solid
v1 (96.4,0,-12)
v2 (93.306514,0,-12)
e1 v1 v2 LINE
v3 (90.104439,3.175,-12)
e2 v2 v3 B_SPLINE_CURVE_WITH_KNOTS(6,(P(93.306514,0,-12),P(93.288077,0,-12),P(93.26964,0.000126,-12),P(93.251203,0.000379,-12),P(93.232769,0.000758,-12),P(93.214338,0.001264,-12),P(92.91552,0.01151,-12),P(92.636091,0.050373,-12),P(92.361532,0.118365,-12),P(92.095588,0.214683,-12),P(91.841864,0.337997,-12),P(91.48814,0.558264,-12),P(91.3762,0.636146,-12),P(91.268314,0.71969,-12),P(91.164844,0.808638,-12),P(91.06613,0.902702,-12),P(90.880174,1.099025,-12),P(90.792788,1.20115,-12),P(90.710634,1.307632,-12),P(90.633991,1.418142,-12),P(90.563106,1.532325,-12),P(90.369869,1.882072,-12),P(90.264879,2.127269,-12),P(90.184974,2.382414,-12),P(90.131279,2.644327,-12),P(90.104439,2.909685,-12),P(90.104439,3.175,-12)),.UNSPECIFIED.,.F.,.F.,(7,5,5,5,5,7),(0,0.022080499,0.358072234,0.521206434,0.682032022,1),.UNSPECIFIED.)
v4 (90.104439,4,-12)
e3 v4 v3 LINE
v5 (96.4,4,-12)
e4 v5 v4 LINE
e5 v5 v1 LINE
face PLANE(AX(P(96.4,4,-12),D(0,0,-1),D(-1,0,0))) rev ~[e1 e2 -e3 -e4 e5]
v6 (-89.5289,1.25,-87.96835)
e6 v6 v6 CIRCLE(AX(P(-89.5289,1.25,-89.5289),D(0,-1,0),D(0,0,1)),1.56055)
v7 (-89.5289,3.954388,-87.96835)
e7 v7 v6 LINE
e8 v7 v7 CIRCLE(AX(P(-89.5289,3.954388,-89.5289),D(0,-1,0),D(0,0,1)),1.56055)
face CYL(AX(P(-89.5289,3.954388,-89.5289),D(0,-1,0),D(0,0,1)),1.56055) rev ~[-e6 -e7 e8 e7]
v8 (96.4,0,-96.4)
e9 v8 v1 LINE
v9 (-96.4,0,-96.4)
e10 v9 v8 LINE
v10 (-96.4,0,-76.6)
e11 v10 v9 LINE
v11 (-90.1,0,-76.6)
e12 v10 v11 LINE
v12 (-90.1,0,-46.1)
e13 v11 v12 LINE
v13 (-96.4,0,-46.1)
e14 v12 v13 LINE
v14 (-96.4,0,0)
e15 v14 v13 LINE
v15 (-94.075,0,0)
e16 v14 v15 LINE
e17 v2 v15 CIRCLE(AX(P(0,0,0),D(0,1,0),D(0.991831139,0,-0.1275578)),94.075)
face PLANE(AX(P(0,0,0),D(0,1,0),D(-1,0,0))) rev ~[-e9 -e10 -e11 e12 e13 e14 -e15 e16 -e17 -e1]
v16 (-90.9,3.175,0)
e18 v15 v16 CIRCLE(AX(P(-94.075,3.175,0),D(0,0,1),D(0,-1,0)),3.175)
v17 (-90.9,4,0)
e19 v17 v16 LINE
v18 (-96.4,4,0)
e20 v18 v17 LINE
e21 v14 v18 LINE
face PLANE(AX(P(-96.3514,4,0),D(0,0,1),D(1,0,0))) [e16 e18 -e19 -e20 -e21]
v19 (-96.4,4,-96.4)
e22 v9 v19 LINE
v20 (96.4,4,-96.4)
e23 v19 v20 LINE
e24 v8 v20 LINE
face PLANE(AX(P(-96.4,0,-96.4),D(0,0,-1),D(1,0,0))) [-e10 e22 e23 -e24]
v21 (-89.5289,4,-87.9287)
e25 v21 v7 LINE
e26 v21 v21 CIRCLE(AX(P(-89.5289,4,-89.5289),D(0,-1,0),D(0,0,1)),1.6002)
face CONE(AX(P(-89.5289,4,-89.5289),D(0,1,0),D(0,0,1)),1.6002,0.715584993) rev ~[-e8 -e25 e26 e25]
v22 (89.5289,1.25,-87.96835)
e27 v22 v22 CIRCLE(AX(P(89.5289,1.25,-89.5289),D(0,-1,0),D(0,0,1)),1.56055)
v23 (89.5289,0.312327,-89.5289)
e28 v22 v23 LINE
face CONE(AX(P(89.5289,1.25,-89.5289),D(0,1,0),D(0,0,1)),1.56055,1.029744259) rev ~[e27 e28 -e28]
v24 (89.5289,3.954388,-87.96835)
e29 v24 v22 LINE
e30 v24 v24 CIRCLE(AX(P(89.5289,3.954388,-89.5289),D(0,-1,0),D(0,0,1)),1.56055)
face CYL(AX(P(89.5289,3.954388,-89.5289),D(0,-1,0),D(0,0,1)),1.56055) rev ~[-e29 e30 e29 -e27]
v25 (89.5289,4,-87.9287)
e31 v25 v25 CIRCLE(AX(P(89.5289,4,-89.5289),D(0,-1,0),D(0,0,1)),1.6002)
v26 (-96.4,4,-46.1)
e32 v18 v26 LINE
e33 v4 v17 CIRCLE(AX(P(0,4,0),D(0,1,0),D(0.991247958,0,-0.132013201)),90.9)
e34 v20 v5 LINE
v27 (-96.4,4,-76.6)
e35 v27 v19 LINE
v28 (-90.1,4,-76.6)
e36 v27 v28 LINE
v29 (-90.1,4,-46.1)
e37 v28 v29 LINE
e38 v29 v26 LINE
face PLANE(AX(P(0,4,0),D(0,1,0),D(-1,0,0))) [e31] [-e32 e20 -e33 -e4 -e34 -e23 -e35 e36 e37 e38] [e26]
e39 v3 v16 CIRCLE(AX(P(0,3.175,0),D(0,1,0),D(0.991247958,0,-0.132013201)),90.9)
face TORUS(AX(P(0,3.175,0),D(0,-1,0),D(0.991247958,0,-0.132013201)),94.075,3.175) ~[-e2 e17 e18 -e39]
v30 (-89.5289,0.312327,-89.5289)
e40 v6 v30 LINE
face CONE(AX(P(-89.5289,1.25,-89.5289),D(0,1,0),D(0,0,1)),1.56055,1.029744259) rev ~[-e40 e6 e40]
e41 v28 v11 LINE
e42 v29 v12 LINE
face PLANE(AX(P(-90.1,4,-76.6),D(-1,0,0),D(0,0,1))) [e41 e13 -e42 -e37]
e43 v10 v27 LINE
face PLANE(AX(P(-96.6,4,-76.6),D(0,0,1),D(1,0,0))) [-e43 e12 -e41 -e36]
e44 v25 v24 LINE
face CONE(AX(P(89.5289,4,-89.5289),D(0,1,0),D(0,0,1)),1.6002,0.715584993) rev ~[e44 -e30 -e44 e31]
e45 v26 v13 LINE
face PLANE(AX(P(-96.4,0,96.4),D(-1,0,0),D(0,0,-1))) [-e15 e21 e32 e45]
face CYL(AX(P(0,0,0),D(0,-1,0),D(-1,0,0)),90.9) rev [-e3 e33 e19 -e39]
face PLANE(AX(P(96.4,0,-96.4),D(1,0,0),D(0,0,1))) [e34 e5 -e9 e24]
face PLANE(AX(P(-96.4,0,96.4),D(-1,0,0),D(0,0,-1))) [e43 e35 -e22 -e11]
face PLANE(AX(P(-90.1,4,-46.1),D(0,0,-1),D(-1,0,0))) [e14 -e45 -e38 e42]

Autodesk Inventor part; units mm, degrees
ref_plane "YZ Plane" through (0, 0, 0) normal (1, 0, 0) x (0, 1, 0)
ref_plane "XZ Plane" through (0, 0, 0) normal (0, 1, 0) x (-1, 0, 0)
ref_plane "XY Plane" through (0, 0, 0) normal (0, 0, 1) x (1, 0, 0)
sketch "Sketch1" plane through (0, 0, 0) normal (0, 1, 0) x (-1, 0, 0)
  line L0 (101.6, -101.6) -> (-101.6, -101.6)
  line L1 (-101.6, -101.6) -> (-101.6, 101.6)
  line L2 (-101.6, 101.6) -> (101.6, 101.6)
  line L3 (101.6, 101.6) -> (101.6, -101.6)
  line L4 (96.6, -96.6) -> (-96.6, -96.6)
  line L5 (-96.6, -96.6) -> (-96.6, 96.6)
  line L6 (-96.6, 96.6) -> (96.6, 96.6)
  line L7 (96.6, 96.6) -> (96.6, -96.6)
  line L8 (101.6, 101.6) -> (-40.4, 101.6)
  circle A0 centre (0, 0) radius 88.9
  line L9 (-40.4, 101.6) -> (-101.6, 40.4)
  line L10 (-45.4, 101.6) -> (-101.6, 45.4)
  line L11 (96.6, 96.6) -> (96.6, 101.6)
  line L12 (-45.4, 101.6) -> (-35.4, 101.6)
  line L13 (-35.4, 101.6) -> (-35.4, 96.6)
  line L14 (-35.4, 96.6) -> (-45.4, 96.6)
  line L15 (-45.4, 96.6) -> (-45.4, 101.6)
  line L16 (-101.6, 39.4) -> (-39.4, 101.6)
  line L17 (96.4, -96.4) -> (-96.4, -96.4)
  line L18 (-96.4, -96.4) -> (-96.4, 96.4)
  line L19 (-96.4, 96.4) -> (96.4, 96.4)
  line L20 (96.4, 96.4) -> (96.4, -96.4)
  circle A1 centre (0, 0) radius 90.9
  point P0 (96.6, 51.2168)
  point P1 (101.6, 40.4)
  point P2 (101.6, -40.4)
  point P3 (96.6, -51.2168)
  point P4 (-96.6, 45.4)
  point P5 (-45.4, 96.6)
  point P6 (-44.6, 96.4)
  point P7 (-96.4, 44.6)
  dimension "d0" = 203.2
  dimension "d1" = 203.2
  dimension "d2" = 101.6
  dimension "d3" = 101.6
  dimension "d4" = 5
  dimension "d5" = 5
  dimension "d6" = 5
  dimension "d7" = 5
  dimension "d8" = 142
  dimension "d9" = 61.2
  dimension "d10" = 177.8
  dimension "d11" = 5
  dimension "d12" = 5
  dimension "d13" = 10
  dimension "d14" = 1
  dimension "d15" = 0.2
  dimension "d16" = 0.2
  dimension "d17" = 0.2
  dimension "d18" = 0.2
  dimension "d64" = 181.8
extrude "Extrusion1" add sketch "Sketch1" along normal blind 4 contours L16 L19 L20 L17 L18
sketch "Sketch6" plane through (0, 4, 0) normal (0, 1, 0) x (1, 0, 0)
  line L0 (96.4, 96.4) -> (-96.4, 96.4) projected
  line L1 (96.4, 96.4) -> (88.4, 96.4)
  line L2 (88.4, 96.4) -> (88.4, -45.6)
  line L3 (88.4, -45.6) -> (96.4, -45.6)
  line L4 (96.4, -45.6) -> (96.4, 96.4)
  line L5 (96.4, -44.6) -> (96.4, 96.4) projected
  line L6 (88.4, -12) -> (96.4, -12)
  line L7 (96.4, -12) -> (96.4, 12)
  line L8 (96.4, 12) -> (88.4, 12)
  line L9 (88.4, 12) -> (88.4, -12)
  line L10 (0, 0) -> (96.4, 0)
  point P0 (96.4, -12)
  dimension "d58" = 8
  dimension "d59" = 142
  dimension "d62" = 12
  dimension "d63" = 12
extrude "Extrusion6" cut sketch "Sketch6" against normal blind 25.4 contours L4 L10 L2 L8 | L4 L6 L2 L10
sketch "Sketch8" plane through (0, 4, 0) normal (0, 1, 0) x (1, 0, 0)
  line L0 (-96.6, 96.6) -> (-96.6, -96.6)
  line L1 (96.6, 96.6) -> (-96.6, 96.6)
  line L2 (-96.6, 96.6) -> (96.6, 96.6)
  line L3 (96.6, -45.4) -> (45.4, -96.6)
  line L4 (96.6, 96.6) -> (96.6, -45.4)
  line L5 (96.6, -45.4) -> (45.4, -96.6)
  line L6 (45.4, -96.6) -> (-96.6, -96.6)
  line L7 (-96.6, -96.6) -> (-96.6, 96.6)
  line L8 (-96.6, 96.6) -> (-89.5289, 89.5289)
  circle A0 centre (-89.5289, 89.5289) radius 5
  circle A1 centre (-89.5289, 89.5289) radius 1.5
  line L9 (-89.5289, 84.5289) -> (-96.6, 84.5289)
  line L10 (-89.5289, 89.5289) -> (-89.5289, 84.5289)
  line L11 (-89.5289, 89.5289) -> (-84.5289, 89.5289)
  line L12 (-84.5289, 96.6) -> (-84.5289, 89.5289)
  line L13 (-96.6, -96.6) -> (-89.5289, -89.5289)
  line L14 (-96.6, -96.6) -> (-86.6, -96.6) construction
  circle A2 centre (-89.5289, -89.5289) radius 5
  circle A3 centre (-89.5289, -89.5289) radius 1.75
  line L15 (-89.5289, -89.5289) -> (-84.5289, -89.5289)
  line L16 (-84.5289, -96.6) -> (-84.5289, -89.5289)
  line L17 (-89.5289, -89.5289) -> (-89.5289, -84.5289)
  line L18 (-96.6, -84.5289) -> (-89.5289, -84.5289)
  line L19 (96.6, 96.6) -> (89.5289, 89.5289)
  circle A4 centre (89.5289, 89.5289) radius 5
  circle A5 centre (89.5289, 89.5289) radius 1.75
  line L20 (89.5289, 89.5289) -> (84.5289, 89.5289)
  line L21 (84.5289, 96.6) -> (84.5289, 89.5289)
  line L22 (89.5289, 89.5289) -> (89.5289, 84.5289)
  line L23 (96.6, 84.5289) -> (89.5289, 84.5289)
  line L24 (96.6, -43.114) -> (96.6, 96.6)
  line L25 (-96.6, -96.6) -> (43.1178, -96.6)
  line L26 (28.9914, 5.6569) -> (-5.6569, -28.9914)
  line L27 (25.4, -25.4) -> (101.6, -25.4)
  line L28 (101.6, -88.9) -> (101.6, 101.6)
  line L29 (25.4, -25.4) -> (25.4, -101.6)
  line L30 (43.1178, -101.6) -> (-101.6, -101.6)
  line L31 (96.6, -25.4) -> (86.6, -25.4)
  circle A6 centre (86.6, -25.4) radius 5
  circle A7 centre (86.6, -25.4) radius 1.75
  line L32 (25.4, -96.6) -> (25.4, -86.6)
  circle A8 centre (25.4, -86.6) radius 5
  circle A9 centre (25.4, -86.6) radius 1.75
  line L33 (44.6, -96.4) -> (96.4, -44.6) projected
  circle A10 centre (68.7322, -68.7322) radius 1
  point P0 (0, 0)
  point P1 (0, 0)
  point P2 (0, 0)
  dimension "d90" = 10
  dimension "d91" = 3
  dimension "d92" = 10
  dimension "d93" = 45
  dimension "d94" = 10
  dimension "d95" = 3.5
  dimension "d96" = 10
  dimension "d97" = 10
  dimension "d98" = 3.5
  dimension "d99" = 76.2
  dimension "d100" = 76.2
  dimension "d101" = 10
  dimension "d102" = 10
  dimension "d103" = 3.5
  dimension "d104" = 10
  dimension "d105" = 10
  dimension "d106" = 3.5
  dimension "d115" = 2
  dimension "d116" = 2.5
hole "Hole1" at (-89.5289, 4, -89.5289) at (89.5289, 4, -89.5289) at (-89.5289, 4, 89.5289) at (68.7322, 4, 68.7322) direction (0, -1, 0) diameter 3.1211 depth 2.75 tip angle 118 countersink diameter 3.2004 countersink angle 82 thread size "M3.5x0.35" class "6H" standard "ANSI Metric M Profile"
fillet "Fillet1" radius 3.175 2 edges at (-6.0132, 0, -90.7009) (-6.0132, 0, 90.7009)
sketch "Sketch9" plane through (0, 4, 0) normal (0, 1, 0) x (1, 0, 0)
  arc A0 (-101.6, -98.425) -> (-98.425, -101.6) centre (-98.425, -98.425) ccw
  line L0 (44.0849, 101.6) -> (-98.425, 101.6)
  line L1 (-101.6, 98.425) -> (-101.6, -98.425)
  line L2 (-101.6, -46.1) -> (-101.6, -76.6)
  line L3 (-96.6, -96.6) -> (-96.6, 96.6)
  line L4 (-96.6, -46.1) -> (-96.6, -76.6)
  line L5 (-101.6, -76.6) -> (-96.6, -76.6)
  line L6 (-101.6, -46.1) -> (-96.6, -46.1)
  line L7 (-98.425, -101.6) -> (101.6, -101.6)
  line L8 (0, 0) -> (-101.6, 0)
  line L9 (-101.6, 46.1) -> (-101.6, 76.6)
  line L10 (-96.6, 46.1) -> (-96.6, 76.6)
  line L11 (-101.6, 76.6) -> (-96.6, 76.6)
  line L12 (-101.6, 46.1) -> (-96.6, 46.1)
  line L13 (-96.6, -76.6) -> (-90.1, -76.6)
  line L14 (-90.1, -76.6) -> (-90.1, -46.1)
  line L15 (-90.1, -46.1) -> (-96.6, -46.1)
  line L16 (-96.6, -46.1) -> (-96.6, -76.6)
  arc A1 (-98.425, 101.6) -> (-101.6, 98.425) centre (-98.425, 98.425) ccw
  line L17 (-101.6, 46.1) -> (-96.6, 46.1)
  line L18 (-90.1, 46.1) -> (-96.6, 46.1)
  line L19 (-101.6, 46.1) -> (-101.6, 76.6)
  line L20 (-96.6, 46.1) -> (-96.6, 76.6)
  line L21 (-96.6, 46.1) -> (-96.6, 76.6)
  line L22 (-90.1, 76.6) -> (-90.1, 46.1)
  line L23 (-101.6, 76.6) -> (-96.6, 76.6)
  line L24 (-96.6, 76.6) -> (-90.1, 76.6)
  point P0 (-98.425, 98.425)
  point P1 (46.1, 101.6)
  point P2 (46.1, 96.6)
  point P3 (76.6, 96.6)
  point P4 (76.6, 101.6)
  point P5 (-46.1, 96.6)
  dimension "d117" = 30.5
  dimension "d118" = 25
  dimension "d119" = 6.5
extrude "Extrusion7" cut sketch "Sketch9" against normal blind 25.4 contours L24 L22 L18 L3 | L15 L14 L13 L3
sketch "Sketch10" plane through (0, 4, 0) normal (0, 1, 0) x (1, 0, 0)
  line L0 (-96.3514, 0) -> (-90.9, 0)
  arc A0 (90.1044, 12) -> (90.1044, -12) centre (0, 0) ccw projected
ref_plane "Work Plane1" through (-96.3514, 4, 0) normal (0, 0, 1) x (1, 0, 0)
sketch "Sketch11" plane through (-96.3514, 4, 0) normal (0, 0, 1) x (1, 0, 0)
  line L0 (-51.1439, 37.1405) -> (237.6314, 37.1405)
  line L1 (237.6314, 37.1405) -> (237.6314, -59.6996)
  line L2 (237.6314, -59.6996) -> (-51.1439, -59.6996)
  line L3 (-51.1439, -59.6996) -> (-51.1439, 37.1405)
  point P0 (96.3514, -4)
extrude "Extrusion8" cut sketch "Sketch11" along normal through all
equation "\"d1\" = d0"
equation "\"d2\" = 0.5 * d0"
equation "\"d3\" = 0.5 * d0"
equation "\"d15\" = d17"
equation "\"d16\" = d17"
equation "\"d18\" = d17"
properties part number "Drop_Plate"
